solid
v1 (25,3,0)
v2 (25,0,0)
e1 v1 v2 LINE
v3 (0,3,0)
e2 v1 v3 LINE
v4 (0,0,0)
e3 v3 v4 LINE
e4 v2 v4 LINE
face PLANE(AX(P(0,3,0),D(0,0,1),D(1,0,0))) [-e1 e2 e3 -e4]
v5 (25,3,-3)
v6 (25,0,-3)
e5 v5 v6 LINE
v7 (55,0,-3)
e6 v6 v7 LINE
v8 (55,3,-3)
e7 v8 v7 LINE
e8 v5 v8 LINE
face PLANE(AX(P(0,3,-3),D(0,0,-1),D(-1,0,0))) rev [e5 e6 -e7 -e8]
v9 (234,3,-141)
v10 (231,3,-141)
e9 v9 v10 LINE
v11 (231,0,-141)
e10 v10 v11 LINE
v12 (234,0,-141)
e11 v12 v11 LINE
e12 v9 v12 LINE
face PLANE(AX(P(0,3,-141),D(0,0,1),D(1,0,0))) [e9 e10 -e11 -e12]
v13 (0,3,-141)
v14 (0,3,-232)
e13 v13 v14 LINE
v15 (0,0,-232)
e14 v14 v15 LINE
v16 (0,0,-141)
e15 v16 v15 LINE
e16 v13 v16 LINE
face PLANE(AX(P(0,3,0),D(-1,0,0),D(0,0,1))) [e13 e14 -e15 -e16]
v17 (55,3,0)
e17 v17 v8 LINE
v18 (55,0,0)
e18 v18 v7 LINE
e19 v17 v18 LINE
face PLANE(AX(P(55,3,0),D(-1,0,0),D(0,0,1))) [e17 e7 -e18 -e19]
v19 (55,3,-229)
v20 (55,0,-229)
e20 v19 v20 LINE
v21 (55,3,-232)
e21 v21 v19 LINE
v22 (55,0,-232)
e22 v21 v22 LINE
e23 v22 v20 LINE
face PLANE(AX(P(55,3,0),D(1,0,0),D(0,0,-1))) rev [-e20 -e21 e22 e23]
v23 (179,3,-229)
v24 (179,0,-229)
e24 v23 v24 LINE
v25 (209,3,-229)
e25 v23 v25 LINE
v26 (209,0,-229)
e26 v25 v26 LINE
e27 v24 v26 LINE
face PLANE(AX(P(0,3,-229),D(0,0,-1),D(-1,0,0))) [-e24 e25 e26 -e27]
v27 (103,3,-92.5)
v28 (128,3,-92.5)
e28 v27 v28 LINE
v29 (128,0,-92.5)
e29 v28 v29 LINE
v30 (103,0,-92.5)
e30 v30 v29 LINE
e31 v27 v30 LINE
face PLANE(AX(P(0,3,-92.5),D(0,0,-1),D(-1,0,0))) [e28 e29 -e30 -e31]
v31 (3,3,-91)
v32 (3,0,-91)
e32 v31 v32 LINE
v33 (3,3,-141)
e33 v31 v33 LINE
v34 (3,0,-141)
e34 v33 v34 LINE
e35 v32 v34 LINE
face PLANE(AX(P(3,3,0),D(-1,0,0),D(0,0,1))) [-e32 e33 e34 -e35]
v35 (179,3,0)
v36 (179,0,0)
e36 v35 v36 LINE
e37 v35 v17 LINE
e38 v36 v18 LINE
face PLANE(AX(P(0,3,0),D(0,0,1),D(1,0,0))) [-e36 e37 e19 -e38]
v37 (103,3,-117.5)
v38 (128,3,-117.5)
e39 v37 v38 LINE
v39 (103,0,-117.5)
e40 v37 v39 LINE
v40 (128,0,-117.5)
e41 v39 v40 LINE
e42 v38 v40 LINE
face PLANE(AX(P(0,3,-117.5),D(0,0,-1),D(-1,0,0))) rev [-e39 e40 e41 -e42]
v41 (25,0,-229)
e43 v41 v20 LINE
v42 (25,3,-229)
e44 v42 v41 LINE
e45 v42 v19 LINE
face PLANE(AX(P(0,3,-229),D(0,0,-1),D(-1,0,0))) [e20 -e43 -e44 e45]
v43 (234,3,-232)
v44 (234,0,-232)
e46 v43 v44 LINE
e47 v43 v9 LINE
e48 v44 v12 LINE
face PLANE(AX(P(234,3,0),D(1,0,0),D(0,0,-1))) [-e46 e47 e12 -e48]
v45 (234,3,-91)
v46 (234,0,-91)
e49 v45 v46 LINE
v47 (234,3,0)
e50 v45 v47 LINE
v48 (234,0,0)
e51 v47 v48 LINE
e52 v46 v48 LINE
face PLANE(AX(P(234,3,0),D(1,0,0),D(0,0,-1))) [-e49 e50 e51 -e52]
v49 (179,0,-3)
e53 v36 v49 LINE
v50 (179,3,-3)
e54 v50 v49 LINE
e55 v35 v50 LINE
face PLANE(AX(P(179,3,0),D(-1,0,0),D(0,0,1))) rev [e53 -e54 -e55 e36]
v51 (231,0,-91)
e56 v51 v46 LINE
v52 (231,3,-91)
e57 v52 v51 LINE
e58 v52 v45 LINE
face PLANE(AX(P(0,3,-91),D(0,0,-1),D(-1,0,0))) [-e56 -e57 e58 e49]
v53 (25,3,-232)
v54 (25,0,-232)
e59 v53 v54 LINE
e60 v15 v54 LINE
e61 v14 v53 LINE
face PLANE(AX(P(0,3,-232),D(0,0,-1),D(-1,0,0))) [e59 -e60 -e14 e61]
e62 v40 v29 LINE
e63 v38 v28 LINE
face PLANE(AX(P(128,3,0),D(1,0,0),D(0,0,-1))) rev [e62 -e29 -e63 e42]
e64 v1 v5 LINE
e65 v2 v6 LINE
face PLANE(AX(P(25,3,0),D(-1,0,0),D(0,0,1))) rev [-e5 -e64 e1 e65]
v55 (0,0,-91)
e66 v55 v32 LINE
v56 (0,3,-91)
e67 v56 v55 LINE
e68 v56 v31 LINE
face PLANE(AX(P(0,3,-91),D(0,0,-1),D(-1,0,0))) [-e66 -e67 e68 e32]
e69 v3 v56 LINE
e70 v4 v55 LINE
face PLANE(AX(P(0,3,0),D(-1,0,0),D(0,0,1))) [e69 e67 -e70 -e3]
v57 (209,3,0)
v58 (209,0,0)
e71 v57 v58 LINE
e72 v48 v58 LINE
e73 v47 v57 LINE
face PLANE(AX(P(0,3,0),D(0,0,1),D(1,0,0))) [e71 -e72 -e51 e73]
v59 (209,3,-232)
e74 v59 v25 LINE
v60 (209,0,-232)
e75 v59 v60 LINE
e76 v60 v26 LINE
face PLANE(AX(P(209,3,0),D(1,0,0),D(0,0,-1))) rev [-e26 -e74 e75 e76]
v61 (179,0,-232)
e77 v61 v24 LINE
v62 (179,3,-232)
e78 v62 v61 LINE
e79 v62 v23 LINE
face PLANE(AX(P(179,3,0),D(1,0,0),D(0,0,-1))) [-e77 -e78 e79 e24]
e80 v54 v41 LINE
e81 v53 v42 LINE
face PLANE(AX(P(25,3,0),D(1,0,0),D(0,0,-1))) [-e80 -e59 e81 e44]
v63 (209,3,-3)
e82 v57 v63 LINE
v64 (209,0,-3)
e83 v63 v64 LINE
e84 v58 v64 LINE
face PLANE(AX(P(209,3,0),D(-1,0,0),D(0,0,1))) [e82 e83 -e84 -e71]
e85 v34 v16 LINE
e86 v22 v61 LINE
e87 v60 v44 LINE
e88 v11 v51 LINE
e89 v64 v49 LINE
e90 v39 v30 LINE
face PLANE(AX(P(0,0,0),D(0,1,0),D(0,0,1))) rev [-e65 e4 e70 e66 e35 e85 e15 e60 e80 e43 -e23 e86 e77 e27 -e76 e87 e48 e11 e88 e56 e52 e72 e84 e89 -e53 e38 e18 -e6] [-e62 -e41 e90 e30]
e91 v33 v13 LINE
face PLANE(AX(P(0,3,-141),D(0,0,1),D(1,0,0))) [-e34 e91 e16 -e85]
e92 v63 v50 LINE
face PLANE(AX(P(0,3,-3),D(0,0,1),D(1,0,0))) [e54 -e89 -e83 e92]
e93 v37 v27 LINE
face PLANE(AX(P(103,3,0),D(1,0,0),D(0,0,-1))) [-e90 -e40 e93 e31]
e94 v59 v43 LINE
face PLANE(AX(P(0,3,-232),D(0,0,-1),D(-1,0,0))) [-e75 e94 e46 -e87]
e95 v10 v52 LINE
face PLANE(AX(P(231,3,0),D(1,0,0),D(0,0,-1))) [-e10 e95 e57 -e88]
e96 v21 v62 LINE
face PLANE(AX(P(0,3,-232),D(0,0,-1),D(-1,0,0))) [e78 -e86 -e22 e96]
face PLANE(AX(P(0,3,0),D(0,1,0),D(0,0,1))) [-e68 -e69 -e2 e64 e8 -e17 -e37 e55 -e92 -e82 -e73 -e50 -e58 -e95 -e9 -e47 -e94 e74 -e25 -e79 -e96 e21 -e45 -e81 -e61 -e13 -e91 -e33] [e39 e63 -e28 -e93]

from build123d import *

# Parameters (mm, degrees)
ESBO_O1_W                = 25
ESBO_O1_H                = 25
RESSALTO_EXTRUS_O3_DEPTH = 3


with BuildPart() as part:
    # Esboço1 → Ressalto-extrusão3 (new body)
    with BuildSketch(Plane(origin=(0, 0, 0), x_dir=(1, 0, 0), z_dir=(0, 1, 0))):
        Polygon((0, 91), (0, 0), (25, 0), (25, 3), (55, 3), (55, 0), (179, 0), (179, 3), (209, 3), (209, 0), (234, 0), (234, 91), (231, 91), (231, 141), (234, 141), (234, 232), (209, 232), (209, 229), (179, 229), (179, 232), (55, 232), (55, 229), (25, 229), (25, 232), (0, 232), (0, 141), (3, 141), (3, 91), align=None)
        with Locations((115.5, 105)):
            Rectangle(ESBO_O1_W, ESBO_O1_H, mode=Mode.SUBTRACT)
    extrude(amount=RESSALTO_EXTRUS_O3_DEPTH)


solid = part.part
